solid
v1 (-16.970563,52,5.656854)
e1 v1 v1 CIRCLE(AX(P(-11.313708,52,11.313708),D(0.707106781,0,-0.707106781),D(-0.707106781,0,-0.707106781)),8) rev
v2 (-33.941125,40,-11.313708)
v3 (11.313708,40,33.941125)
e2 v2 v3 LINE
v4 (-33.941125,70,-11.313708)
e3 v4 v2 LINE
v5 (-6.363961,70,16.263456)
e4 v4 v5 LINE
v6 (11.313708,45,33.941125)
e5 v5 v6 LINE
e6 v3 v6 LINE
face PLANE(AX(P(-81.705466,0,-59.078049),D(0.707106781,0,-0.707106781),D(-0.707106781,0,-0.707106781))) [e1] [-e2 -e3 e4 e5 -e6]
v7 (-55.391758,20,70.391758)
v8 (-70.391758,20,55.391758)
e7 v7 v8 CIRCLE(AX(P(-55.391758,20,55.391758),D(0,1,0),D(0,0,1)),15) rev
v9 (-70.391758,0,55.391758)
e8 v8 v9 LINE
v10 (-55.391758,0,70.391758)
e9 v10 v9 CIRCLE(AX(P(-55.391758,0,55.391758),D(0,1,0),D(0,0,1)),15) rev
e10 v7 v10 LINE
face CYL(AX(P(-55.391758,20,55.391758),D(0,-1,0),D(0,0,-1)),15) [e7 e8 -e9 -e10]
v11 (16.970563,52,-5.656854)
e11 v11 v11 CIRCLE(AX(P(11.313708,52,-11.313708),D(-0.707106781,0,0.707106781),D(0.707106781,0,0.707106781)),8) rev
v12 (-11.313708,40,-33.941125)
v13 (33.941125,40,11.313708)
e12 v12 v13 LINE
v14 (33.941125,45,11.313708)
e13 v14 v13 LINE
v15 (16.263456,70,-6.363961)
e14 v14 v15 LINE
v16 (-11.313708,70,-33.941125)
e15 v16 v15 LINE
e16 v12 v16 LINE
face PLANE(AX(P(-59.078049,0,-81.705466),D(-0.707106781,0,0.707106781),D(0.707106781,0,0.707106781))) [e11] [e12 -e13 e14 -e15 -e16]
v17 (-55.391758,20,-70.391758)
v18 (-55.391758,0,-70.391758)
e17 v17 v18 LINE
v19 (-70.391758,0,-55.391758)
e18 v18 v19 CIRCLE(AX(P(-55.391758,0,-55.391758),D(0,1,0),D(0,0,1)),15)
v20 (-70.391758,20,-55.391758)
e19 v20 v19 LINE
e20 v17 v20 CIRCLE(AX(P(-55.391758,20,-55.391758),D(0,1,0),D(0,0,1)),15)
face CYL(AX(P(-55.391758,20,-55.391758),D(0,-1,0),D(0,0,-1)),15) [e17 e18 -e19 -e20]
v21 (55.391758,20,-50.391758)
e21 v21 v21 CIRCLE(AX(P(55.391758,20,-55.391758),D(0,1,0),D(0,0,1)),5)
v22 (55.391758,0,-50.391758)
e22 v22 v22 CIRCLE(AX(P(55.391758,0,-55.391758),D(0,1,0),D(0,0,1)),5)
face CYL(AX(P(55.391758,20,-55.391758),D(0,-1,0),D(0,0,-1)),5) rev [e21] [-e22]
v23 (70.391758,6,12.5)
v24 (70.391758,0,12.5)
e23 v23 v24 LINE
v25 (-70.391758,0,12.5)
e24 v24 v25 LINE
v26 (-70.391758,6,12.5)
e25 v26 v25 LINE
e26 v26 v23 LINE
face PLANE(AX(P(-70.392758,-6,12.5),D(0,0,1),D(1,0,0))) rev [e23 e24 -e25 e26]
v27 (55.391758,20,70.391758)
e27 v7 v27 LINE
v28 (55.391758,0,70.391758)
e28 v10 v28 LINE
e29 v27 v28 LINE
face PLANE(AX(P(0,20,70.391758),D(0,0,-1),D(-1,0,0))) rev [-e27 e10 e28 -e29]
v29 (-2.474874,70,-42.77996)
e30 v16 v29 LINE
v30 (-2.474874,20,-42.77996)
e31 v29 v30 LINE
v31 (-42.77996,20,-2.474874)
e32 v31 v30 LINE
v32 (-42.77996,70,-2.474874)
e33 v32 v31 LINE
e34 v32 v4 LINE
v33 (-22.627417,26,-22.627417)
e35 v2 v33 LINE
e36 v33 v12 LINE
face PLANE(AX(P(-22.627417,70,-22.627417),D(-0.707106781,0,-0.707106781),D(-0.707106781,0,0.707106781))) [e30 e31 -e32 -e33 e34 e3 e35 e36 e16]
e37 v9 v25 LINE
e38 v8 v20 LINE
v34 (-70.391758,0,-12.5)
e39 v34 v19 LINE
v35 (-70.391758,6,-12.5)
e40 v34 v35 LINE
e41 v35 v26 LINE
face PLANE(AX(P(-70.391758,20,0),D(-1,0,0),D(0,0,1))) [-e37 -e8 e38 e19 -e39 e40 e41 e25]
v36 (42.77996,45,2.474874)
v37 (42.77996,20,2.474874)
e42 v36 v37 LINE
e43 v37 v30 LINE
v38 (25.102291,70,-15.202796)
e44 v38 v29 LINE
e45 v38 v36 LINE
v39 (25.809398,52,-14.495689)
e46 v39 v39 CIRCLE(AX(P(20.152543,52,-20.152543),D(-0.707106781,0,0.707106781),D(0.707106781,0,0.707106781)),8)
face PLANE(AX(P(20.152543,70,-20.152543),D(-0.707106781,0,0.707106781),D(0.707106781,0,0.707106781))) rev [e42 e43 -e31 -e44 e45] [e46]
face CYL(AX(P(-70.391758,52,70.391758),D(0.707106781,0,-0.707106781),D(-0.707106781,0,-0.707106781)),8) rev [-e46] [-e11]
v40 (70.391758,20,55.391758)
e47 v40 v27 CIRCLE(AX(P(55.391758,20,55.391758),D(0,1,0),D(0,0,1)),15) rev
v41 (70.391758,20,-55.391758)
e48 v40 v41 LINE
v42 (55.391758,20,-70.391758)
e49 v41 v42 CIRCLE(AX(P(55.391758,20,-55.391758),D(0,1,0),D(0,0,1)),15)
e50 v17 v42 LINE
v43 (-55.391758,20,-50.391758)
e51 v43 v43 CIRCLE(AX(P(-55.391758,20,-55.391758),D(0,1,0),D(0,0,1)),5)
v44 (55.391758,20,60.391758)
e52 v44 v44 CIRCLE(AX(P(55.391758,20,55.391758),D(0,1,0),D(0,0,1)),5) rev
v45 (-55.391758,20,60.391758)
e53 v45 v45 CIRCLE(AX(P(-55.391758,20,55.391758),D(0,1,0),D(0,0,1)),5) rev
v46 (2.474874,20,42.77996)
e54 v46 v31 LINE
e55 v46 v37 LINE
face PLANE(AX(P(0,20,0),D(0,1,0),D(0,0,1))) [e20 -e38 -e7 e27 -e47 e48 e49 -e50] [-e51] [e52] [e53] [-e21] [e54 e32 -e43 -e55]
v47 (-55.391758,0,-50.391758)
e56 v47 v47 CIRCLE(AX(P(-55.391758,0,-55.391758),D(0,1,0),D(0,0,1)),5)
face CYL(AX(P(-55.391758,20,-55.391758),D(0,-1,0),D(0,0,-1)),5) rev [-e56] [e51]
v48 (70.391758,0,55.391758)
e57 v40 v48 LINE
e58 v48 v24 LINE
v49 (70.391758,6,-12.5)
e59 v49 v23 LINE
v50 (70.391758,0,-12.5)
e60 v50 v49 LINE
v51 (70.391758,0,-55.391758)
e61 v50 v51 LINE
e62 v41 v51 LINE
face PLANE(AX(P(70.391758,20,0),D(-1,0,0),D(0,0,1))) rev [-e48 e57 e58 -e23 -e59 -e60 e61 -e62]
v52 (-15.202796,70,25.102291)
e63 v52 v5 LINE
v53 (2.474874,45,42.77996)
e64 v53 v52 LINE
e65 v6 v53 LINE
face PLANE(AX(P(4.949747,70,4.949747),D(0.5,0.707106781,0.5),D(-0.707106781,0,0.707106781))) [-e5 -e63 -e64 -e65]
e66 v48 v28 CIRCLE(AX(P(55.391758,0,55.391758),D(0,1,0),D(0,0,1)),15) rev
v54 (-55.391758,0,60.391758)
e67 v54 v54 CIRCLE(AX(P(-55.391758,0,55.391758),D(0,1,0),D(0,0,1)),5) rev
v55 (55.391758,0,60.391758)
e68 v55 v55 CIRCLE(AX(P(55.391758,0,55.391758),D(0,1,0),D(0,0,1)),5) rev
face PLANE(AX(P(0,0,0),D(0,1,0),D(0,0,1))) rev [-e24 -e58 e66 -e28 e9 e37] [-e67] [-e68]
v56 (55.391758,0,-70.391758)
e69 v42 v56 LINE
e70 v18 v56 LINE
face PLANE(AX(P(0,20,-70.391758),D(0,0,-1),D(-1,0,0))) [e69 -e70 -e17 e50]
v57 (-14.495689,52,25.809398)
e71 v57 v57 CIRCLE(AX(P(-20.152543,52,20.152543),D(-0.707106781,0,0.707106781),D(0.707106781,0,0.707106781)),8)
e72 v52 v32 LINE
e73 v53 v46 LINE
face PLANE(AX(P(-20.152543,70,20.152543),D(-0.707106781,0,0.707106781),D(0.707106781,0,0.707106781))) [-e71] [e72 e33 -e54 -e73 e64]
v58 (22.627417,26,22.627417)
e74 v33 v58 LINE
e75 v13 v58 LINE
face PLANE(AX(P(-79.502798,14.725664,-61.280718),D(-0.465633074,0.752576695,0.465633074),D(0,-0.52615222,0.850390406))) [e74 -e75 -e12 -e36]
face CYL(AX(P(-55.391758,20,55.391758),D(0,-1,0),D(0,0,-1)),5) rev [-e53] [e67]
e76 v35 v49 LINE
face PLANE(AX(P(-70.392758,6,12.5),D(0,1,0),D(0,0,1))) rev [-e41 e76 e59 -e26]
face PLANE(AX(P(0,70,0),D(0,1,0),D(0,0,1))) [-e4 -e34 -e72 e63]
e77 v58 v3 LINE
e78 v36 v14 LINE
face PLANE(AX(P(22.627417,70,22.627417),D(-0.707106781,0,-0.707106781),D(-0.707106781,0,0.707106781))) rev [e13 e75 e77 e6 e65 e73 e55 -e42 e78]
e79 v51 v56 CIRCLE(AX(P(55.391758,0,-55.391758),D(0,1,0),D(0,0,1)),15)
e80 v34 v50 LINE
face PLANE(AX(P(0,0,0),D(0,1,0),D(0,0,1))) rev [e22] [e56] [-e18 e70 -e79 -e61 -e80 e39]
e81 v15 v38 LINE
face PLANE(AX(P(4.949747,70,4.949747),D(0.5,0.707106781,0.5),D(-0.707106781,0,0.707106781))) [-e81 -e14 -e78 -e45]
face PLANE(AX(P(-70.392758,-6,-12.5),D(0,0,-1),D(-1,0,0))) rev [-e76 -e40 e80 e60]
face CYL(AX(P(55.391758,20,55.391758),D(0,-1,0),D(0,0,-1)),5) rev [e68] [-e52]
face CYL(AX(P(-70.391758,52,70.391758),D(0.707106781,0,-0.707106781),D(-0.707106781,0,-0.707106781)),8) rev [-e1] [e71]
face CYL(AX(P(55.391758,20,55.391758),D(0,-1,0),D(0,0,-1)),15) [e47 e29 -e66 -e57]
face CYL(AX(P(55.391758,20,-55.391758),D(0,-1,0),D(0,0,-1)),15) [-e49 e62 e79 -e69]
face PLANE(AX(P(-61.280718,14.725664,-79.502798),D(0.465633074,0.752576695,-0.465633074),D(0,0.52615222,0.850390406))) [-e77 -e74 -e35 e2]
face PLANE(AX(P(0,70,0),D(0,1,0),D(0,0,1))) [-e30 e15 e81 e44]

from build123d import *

# Parameters (mm, degrees)
SKETCH1_R               = 5
BOSS_EXTRUDE1_DEPTH     = 20
BOSS_EXTRUDE2_DEPTH     = 70
CUT_EXTRUDE1_DEPTH      = 146.933344284
CUT_EXTRUDE1_DEPTH_BACK = 146.933344284
SKETCH2_R               = 8
CUT_EXTRUDE2_DEPTH      = 150.013871252
CHAMFER1_SIZE           = 25
CUT_EXTRUDE3_REACH      = 174.264
SKETCH4_W               = 25
SKETCH4_H               = 12


with BuildPart() as part:
    # Sketch1 → Boss-Extrude1 (new body)
    with BuildSketch(Plane(origin=(0, 0, 0), x_dir=(1, 0, 0), z_dir=(0, 1, 0))):
        with BuildLine():
            ThreePointArc((-70.391757976, -55.391757976), (-65.998359694, -65.998359694), (-55.391757976, -70.391757976))
            Line((-55.391757976, -70.391757976), (55.391757976, -70.391757976))
            ThreePointArc((55.391757976, -70.391757976), (65.998359694, -65.998359694), (70.391757976, -55.391757976))
            Line((70.391757976, -55.391757976), (70.391757976, 55.391757976))
            ThreePointArc((70.391757976, 55.391757976), (65.998359694, 65.998359694), (55.391757976, 70.391757976))
            Line((55.391757976, 70.391757976), (-55.391757976, 70.391757976))
            ThreePointArc((-55.391757976, 70.391757976), (-65.998359694, 65.998359694), (-70.391757976, 55.391757976))
            Line((-70.391757976, 55.391757976), (-70.391757976, -55.391757976))
        make_face()
        with Locations((-55.391757976, -55.391757976)):
            Circle(SKETCH1_R, mode=Mode.SUBTRACT)
        with Locations((55.391757976, -55.391757976)):
            Circle(SKETCH1_R, mode=Mode.SUBTRACT)
        with Locations((-55.391757976, 55.391757976)):
            Circle(SKETCH1_R, mode=Mode.SUBTRACT)
        Polygon((42.779960262, -2.474873734), (2.474873734, -42.779960262), (-42.779960262, 2.474873734), (-2.474873734, 42.779960262), align=None, mode=Mode.SUBTRACT)
        with Locations((55.391757976, 55.391757976)):
            Circle(SKETCH1_R, mode=Mode.SUBTRACT)
    extrude(amount=BOSS_EXTRUDE1_DEPTH)

    # Sketch1<3> → Boss-Extrude2 (add)
    with BuildSketch(Plane(origin=(0, 0, 0), x_dir=(1, 0, 0), z_dir=(0, 1, 0))):
        Polygon((-42.779960262, 2.474873734), (2.474873734, -42.779960262), (42.779960262, -2.474873734), (-2.474873734, 42.779960262), align=None)
    extrude(amount=BOSS_EXTRUDE2_DEPTH)

    # Sketch2 → Cut-Extrude1 (cut, two sides: drawn at the far end of the back side and taken through both)
    with BuildSketch(Plane(origin=(20.152543264, 0, -20.152543264), x_dir=(-0.7071067811865475, 0, -0.7071067811865477), z_dir=(0.7071067811865477, 0, -0.7071067811865475)).offset(-CUT_EXTRUDE1_DEPTH_BACK)):
        with Locations((0, 52)):
            Circle(SKETCH2_R)
    extrude(amount=CUT_EXTRUDE1_DEPTH + CUT_EXTRUDE1_DEPTH_BACK, mode=Mode.SUBTRACT)

    # Sketch3 → Cut-Extrude2 (cut, through all)
    with BuildSketch(Plane(origin=(22.627416998, 0, 22.627416998), x_dir=(0.7071067811865475, 0, -0.7071067811865477), z_dir=(0.7071067811865477, 0, 0.7071067811865475))):
        Polygon((16, 40), (16, 70), (-16, 70), (-16, 40), (0, 26), align=None)
    extrude(amount=-CUT_EXTRUDE2_DEPTH, mode=Mode.SUBTRACT)

    # Chamfer1
    chamfer1_edges = [part.edges().sort_by_distance(p)[0] for p in [
        (6.894291117, 70, 38.360542879),
        (38.360542879, 70, 6.894291117),
    ]]
    chamfer(chamfer1_edges, length=CHAMFER1_SIZE)

    # Sketch4 → Cut-Extrude3 (cut, up to next)
    with BuildSketch(Plane(origin=(70.391757976, 0, 0), x_dir=(0, 0, -1), z_dir=(1, 0, 0)), mode=Mode.PRIVATE) as cut_extrude3_sk1:
        Rectangle(SKETCH4_W, SKETCH4_H)
    cut_extrude3_tool1 = extrude(cut_extrude3_sk1.sketch, amount=-CUT_EXTRUDE3_REACH, mode=Mode.PRIVATE) & part.part
    add(cut_extrude3_tool1.solids().sort_by_distance((70.391758, 0, 0))[0], mode=Mode.SUBTRACT)


solid = part.part
